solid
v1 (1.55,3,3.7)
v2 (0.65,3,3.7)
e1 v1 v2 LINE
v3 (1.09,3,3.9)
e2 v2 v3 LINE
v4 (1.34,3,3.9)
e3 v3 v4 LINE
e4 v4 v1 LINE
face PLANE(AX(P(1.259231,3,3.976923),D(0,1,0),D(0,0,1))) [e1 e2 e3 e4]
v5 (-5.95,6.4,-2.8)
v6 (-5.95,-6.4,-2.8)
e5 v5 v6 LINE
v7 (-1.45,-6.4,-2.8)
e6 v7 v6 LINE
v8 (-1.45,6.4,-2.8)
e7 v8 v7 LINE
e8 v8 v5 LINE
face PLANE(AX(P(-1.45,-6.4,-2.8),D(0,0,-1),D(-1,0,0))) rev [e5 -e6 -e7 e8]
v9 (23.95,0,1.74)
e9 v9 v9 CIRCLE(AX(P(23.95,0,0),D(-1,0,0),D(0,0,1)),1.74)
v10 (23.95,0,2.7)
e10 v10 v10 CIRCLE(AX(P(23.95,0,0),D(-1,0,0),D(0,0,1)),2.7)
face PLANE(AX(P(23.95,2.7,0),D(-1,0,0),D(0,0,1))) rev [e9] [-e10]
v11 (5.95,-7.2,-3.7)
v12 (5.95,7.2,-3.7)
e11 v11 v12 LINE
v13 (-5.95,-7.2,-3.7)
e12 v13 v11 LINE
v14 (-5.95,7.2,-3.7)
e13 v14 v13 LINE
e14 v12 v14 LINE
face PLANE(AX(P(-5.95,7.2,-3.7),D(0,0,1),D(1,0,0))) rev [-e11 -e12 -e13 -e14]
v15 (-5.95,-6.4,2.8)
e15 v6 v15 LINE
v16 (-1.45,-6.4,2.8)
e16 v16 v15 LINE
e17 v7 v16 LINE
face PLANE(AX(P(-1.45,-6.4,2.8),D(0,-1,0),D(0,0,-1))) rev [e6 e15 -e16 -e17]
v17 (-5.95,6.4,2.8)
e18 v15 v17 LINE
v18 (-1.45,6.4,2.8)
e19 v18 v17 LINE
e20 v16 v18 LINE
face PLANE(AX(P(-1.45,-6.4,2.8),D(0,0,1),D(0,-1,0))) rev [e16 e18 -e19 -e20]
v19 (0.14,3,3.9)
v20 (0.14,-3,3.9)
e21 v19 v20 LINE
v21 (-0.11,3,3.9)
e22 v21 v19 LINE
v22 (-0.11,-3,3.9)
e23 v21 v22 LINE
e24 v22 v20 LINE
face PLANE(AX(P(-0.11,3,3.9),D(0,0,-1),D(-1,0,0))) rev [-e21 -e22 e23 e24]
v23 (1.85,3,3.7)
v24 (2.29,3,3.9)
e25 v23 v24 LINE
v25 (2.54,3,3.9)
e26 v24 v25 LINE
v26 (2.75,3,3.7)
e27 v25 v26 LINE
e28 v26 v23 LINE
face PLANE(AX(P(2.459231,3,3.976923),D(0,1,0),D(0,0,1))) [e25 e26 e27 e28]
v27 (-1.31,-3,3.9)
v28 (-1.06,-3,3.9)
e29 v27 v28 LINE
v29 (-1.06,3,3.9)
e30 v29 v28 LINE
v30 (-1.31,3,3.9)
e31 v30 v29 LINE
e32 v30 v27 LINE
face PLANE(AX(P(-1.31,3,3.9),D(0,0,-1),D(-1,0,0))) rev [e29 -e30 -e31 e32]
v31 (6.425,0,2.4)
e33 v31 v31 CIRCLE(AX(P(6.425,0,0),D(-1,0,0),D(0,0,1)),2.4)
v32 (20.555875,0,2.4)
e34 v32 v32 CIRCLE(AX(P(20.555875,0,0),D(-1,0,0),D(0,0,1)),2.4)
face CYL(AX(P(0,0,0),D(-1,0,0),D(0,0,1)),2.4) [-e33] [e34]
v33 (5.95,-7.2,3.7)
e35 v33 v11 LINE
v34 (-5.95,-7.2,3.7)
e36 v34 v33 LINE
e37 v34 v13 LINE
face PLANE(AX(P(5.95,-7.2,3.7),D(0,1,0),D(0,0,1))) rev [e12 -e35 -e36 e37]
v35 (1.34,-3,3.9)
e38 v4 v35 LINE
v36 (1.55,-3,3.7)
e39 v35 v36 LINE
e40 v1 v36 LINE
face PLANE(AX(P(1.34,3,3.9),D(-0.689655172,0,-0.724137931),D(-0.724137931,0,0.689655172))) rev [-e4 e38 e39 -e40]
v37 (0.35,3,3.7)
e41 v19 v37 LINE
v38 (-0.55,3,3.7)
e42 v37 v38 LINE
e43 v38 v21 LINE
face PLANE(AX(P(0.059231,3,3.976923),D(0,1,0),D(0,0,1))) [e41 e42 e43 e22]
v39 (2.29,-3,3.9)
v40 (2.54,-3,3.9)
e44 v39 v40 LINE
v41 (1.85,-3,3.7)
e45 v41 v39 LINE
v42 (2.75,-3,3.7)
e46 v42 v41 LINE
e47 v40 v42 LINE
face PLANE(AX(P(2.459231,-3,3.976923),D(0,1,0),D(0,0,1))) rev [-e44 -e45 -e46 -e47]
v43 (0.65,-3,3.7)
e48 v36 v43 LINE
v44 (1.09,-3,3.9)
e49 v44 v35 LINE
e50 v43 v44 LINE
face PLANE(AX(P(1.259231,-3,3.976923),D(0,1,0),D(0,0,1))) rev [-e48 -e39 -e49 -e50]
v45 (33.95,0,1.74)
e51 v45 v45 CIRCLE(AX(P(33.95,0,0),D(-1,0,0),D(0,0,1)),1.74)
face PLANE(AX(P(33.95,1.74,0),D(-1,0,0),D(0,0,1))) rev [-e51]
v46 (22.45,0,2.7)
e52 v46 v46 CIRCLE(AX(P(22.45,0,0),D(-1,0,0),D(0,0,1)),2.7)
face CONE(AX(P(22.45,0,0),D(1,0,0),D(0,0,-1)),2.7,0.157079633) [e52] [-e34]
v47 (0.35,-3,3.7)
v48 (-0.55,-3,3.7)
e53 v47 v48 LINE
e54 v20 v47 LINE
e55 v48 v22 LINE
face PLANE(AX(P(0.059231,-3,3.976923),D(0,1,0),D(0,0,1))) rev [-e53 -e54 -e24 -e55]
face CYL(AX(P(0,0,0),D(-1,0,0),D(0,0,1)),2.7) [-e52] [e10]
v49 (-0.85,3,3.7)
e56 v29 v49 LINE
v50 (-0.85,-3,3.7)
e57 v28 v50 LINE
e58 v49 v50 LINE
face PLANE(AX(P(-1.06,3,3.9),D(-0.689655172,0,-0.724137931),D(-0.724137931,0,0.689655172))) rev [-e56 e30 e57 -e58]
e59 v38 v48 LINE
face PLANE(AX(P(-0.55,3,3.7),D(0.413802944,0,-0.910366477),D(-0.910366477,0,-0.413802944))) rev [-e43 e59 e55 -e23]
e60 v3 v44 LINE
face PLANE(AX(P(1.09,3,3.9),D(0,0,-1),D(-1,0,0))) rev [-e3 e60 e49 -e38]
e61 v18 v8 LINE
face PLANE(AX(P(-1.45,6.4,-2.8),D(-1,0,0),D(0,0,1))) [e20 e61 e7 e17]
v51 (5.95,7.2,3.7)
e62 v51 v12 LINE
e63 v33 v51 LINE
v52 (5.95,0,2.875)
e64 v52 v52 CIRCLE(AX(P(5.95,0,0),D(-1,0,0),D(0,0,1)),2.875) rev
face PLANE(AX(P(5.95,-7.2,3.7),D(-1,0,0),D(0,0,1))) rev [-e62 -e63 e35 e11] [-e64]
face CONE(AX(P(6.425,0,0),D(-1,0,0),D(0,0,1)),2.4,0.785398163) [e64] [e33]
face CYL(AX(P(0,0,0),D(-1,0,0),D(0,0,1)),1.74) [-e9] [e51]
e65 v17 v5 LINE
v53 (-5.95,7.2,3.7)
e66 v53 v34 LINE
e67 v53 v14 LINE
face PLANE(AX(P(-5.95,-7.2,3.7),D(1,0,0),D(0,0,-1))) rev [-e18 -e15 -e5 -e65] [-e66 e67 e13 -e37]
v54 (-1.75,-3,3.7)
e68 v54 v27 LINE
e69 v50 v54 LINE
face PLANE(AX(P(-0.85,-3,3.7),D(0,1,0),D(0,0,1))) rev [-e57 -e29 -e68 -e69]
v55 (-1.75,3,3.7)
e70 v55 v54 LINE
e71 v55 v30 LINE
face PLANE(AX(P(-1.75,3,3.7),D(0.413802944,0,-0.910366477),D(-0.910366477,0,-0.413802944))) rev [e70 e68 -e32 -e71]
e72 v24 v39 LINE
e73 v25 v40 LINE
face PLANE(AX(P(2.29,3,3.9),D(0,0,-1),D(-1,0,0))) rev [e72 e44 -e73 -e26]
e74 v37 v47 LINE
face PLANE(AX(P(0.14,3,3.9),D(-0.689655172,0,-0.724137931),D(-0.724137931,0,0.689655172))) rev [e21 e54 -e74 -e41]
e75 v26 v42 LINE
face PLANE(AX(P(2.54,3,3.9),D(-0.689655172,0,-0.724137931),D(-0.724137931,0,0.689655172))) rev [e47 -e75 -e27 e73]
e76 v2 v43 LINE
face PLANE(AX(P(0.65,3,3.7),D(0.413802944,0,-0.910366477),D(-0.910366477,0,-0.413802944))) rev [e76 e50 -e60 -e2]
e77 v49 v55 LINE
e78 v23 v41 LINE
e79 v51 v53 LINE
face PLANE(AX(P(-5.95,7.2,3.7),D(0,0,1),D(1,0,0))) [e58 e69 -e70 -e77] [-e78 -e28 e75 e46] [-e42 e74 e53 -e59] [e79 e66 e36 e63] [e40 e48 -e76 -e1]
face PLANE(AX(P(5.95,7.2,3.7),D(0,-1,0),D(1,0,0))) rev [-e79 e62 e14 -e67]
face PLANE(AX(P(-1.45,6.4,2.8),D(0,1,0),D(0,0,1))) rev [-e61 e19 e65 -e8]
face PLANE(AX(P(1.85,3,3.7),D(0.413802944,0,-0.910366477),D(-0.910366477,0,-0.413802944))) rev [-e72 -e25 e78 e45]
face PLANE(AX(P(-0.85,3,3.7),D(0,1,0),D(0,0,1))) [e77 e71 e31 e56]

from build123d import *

# Parameters (mm, degrees)
SKETCH1_W      = 11.9
SKETCH1_H      = 14.4
EXTRUDE1_DEPTH = 3.7
EXTRUDE2_DEPTH = 3
SKETCH4_W      = 5.6
SKETCH4_H      = 12.8
EXTRUDE3_DEPTH = 4.5


with BuildPart() as part:
    # Sketch1 → Extrude1 (new body, symmetric)
    with BuildSketch(Plane.XY):
        Rectangle(SKETCH1_W, SKETCH1_H)
    extrude(amount=EXTRUDE1_DEPTH, both=True)

    # Sketch2 → Revolve1 (revolve)
    with BuildSketch(Plane.XY):
        Polygon((5.95, 0), (5.95, 2.875), (6.425, 2.4), (20.555874546, 2.4), (22.45, 2.7), (23.95, 2.7), (23.95, 1.74), (33.95, 1.74), (33.95, 0), align=None)
    revolve(axis=Axis((0, 0, 0), (1, 0, 0)))

    # Sketch3 → Extrude2 (add, symmetric)
    with BuildSketch(Plane(origin=(0, 0, 0), x_dir=(1, 0, 0), z_dir=(0, 1, 0))):
        Polygon((-1.75, -3.7), (-1.31, -3.9), (-1.06, -3.9), (-0.85, -3.7), align=None)
        Polygon((-0.55, -3.7), (0.35, -3.7), (0.14, -3.9), (-0.11, -3.9), align=None)
        Polygon((0.65, -3.7), (1.55, -3.7), (1.34, -3.9), (1.09, -3.9), align=None)
        Polygon((1.85, -3.7), (2.75, -3.7), (2.54, -3.9), (2.29, -3.9), align=None)
    extrude(amount=EXTRUDE2_DEPTH, both=True)

    # Sketch4 → Extrude3 (cut)
    with BuildSketch(Plane.ZY.offset(5.95)):
        Rectangle(SKETCH4_W, SKETCH4_H)
    extrude(amount=-EXTRUDE3_DEPTH, mode=Mode.SUBTRACT)


solid = part.part
